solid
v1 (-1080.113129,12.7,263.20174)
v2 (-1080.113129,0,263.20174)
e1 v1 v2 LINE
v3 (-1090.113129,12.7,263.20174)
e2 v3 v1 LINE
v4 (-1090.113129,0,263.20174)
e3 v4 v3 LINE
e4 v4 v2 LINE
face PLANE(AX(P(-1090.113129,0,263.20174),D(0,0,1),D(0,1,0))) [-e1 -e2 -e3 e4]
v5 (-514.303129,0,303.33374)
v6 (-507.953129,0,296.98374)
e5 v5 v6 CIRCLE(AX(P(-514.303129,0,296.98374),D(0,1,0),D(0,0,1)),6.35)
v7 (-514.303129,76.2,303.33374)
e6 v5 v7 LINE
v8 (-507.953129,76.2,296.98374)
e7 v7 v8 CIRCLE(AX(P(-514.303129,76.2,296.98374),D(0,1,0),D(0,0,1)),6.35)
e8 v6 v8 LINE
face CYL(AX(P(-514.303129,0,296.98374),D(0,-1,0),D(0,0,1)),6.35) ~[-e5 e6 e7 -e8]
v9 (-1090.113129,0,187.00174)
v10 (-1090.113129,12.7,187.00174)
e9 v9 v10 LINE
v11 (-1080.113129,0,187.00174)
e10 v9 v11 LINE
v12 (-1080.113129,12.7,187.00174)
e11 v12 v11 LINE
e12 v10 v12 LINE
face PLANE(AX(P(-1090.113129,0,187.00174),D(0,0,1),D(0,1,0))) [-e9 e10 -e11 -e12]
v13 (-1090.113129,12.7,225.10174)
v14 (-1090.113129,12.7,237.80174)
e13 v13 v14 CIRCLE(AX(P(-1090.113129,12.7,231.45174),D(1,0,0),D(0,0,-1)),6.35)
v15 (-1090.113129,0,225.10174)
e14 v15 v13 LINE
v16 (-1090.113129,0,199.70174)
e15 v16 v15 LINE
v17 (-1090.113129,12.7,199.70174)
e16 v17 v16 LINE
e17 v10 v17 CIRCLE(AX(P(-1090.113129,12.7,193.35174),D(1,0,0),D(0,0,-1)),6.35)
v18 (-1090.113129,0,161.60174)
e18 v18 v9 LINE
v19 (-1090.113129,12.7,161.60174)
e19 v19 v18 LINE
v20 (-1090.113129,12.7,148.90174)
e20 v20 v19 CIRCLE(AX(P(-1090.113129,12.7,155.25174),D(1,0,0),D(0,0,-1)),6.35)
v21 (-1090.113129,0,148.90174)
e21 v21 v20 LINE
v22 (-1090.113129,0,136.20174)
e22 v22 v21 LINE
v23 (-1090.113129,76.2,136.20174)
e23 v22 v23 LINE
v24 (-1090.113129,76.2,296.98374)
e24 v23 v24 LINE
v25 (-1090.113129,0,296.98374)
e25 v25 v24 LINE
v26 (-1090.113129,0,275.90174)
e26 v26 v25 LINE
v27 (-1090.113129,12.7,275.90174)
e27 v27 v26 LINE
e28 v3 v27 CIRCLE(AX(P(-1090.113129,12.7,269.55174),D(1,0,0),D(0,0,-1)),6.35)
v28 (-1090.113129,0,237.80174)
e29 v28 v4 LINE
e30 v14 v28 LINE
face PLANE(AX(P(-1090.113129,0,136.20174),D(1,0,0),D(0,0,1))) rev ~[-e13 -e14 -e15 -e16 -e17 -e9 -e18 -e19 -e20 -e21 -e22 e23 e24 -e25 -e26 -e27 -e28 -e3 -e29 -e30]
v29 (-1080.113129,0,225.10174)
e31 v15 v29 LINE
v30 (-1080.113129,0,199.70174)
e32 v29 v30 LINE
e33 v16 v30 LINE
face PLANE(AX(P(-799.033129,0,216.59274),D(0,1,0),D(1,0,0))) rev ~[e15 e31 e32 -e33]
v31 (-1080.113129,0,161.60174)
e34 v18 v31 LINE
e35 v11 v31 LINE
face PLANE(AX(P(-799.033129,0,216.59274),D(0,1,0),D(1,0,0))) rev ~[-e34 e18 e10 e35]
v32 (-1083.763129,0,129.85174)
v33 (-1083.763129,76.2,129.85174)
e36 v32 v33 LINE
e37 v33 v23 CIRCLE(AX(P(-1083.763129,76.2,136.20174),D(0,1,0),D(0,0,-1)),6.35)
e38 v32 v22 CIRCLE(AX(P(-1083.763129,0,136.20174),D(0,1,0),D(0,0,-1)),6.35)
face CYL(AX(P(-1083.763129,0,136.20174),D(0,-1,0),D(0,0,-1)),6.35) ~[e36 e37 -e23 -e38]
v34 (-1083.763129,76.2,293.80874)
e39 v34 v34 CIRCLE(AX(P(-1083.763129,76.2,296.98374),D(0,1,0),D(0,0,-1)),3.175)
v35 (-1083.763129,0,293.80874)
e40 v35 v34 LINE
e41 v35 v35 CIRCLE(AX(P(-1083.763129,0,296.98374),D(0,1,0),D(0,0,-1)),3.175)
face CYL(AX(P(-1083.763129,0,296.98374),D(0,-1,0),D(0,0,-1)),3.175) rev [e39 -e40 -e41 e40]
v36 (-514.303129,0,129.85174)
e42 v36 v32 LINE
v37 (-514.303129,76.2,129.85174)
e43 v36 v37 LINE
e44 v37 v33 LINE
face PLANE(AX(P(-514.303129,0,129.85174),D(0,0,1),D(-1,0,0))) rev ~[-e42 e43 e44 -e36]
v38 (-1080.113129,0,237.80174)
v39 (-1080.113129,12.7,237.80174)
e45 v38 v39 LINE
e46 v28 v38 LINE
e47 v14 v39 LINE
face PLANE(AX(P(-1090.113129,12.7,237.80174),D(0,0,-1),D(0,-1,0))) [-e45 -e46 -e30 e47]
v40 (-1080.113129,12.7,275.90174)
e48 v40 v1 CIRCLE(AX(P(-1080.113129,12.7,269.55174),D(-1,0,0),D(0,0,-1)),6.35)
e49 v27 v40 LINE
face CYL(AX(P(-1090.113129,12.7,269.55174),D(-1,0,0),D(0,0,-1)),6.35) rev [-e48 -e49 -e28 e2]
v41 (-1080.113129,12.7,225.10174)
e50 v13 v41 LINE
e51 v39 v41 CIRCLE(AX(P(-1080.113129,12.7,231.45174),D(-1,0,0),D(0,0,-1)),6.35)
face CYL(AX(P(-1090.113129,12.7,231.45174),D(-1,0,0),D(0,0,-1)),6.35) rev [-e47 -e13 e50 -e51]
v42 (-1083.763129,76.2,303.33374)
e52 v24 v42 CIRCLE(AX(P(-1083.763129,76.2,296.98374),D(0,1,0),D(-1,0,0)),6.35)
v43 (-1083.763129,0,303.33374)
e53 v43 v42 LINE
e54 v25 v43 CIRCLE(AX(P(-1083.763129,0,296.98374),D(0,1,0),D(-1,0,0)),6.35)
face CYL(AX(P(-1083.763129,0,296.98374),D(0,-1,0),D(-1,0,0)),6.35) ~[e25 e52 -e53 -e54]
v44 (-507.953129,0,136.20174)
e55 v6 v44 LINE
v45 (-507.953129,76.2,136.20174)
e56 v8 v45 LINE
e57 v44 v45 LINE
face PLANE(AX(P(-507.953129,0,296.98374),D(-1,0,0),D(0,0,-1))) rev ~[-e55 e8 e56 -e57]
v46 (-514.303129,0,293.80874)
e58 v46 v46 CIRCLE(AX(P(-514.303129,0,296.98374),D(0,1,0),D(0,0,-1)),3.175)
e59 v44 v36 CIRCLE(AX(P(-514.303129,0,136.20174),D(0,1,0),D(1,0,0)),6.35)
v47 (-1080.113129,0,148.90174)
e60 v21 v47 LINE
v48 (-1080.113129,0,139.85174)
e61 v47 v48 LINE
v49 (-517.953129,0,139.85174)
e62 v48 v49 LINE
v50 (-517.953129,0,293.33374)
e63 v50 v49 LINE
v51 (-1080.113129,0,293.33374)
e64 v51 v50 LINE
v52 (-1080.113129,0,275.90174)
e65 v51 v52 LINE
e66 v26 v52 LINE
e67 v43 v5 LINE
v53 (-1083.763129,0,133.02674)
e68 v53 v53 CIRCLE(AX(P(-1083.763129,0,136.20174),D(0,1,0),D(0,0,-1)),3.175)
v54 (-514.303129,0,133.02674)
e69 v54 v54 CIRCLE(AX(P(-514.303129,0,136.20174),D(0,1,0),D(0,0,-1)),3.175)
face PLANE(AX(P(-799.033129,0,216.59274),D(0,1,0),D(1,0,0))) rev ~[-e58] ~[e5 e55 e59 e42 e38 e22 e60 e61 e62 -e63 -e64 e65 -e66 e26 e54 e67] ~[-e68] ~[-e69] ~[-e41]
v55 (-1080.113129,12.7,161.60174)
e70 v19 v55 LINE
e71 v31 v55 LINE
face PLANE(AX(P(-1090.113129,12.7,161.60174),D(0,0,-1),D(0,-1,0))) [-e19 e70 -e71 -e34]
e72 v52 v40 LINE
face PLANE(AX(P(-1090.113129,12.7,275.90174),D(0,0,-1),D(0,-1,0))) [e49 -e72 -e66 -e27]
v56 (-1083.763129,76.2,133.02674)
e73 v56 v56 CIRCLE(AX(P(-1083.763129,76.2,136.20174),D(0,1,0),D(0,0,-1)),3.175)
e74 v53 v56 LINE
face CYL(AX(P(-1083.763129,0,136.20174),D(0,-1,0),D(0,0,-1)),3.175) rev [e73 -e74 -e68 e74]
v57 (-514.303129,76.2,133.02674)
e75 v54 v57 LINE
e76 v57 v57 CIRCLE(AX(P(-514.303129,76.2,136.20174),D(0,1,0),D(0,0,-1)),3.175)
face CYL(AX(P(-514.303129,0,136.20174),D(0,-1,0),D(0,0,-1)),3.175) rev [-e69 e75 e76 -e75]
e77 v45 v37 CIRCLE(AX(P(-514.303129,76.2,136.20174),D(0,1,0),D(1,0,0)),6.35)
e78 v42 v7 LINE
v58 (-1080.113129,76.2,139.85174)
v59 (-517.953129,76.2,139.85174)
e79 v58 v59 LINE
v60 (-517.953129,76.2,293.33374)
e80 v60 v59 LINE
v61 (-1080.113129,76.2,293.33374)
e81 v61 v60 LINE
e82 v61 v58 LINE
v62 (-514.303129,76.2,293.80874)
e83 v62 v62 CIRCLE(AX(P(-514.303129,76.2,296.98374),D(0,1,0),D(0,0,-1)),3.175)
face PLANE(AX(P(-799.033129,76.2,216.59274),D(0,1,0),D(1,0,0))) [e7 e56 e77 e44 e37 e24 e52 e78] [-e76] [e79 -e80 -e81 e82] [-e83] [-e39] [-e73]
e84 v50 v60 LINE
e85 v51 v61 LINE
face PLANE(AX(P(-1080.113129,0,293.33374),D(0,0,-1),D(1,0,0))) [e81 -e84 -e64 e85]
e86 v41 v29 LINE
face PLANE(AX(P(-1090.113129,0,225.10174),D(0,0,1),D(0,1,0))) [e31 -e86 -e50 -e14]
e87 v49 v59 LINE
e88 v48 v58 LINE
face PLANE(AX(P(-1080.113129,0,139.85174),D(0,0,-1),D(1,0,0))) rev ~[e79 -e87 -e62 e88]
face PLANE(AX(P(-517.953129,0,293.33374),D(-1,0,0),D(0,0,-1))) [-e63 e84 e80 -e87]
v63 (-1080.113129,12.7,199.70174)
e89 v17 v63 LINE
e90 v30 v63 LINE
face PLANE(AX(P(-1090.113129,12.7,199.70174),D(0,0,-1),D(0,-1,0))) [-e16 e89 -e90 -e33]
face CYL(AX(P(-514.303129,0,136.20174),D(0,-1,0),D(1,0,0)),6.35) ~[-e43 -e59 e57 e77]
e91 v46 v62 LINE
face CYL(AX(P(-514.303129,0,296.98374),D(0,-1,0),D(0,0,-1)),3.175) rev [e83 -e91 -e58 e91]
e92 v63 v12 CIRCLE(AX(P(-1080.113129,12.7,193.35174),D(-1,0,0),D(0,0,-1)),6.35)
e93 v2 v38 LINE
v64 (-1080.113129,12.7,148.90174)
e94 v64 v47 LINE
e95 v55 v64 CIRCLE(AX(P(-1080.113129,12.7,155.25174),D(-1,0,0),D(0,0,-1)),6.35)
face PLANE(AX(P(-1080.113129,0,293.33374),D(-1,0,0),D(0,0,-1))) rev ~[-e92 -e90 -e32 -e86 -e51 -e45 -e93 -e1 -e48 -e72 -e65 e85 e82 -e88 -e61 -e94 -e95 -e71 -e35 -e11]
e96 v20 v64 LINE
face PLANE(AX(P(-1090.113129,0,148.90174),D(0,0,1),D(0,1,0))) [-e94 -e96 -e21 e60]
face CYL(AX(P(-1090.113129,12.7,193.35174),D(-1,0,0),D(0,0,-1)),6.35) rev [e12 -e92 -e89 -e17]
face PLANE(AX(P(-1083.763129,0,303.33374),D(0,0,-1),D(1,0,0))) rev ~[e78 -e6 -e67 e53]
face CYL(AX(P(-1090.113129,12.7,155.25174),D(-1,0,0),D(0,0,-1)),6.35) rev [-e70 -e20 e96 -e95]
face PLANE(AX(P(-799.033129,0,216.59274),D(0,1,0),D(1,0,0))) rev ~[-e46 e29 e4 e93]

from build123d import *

# Parameters (mm, degrees)
SKETCH1_R           = 3.175
SKETCH1_W           = 562.160000372
SKETCH1_H           = 153.482
BOSS_EXTRUDE1_DEPTH = 76.2
CUT_EXTRUDE1_REACH  = 662.854


with BuildPart() as part:
    # Sketch1 → Boss-Extrude1 (new body)
    with BuildSketch(Plane(origin=(0, 0, 0), x_dir=(1, 0, 0), z_dir=(0, 1, 0))):
        with BuildLine():
            Line((-514.30312852, -129.851740003), (-1083.763128892, -129.851740003))
            ThreePointArc((-1083.763128892, -129.851740003), (-1088.253256953, -131.711611942), (-1090.113128892, -136.201740003))
            Line((-1090.113128892, -136.201740003), (-1090.113128892, -296.983740003))
            ThreePointArc((-1090.113128892, -296.983740003), (-1088.253256953, -301.473868063), (-1083.763128892, -303.333740003))
            Line((-1083.763128892, -303.333740003), (-514.30312852, -303.333740003))
            ThreePointArc((-514.30312852, -303.333740003), (-509.81300046, -301.473868063), (-507.95312852, -296.983740003))
            Line((-507.95312852, -296.983740003), (-507.95312852, -136.201740003))
            ThreePointArc((-507.95312852, -136.201740003), (-509.81300046, -131.711611942), (-514.30312852, -129.851740003))
        make_face()
        with Locations(Location((-1083.763128892, -136.201740003, 0), (0, 0, 90))):
            Circle(SKETCH1_R, mode=Mode.SUBTRACT)
        with Locations(Location((-1083.763128892, -296.983740003, 0), (0, 0, 90))):
            Circle(SKETCH1_R, mode=Mode.SUBTRACT)
        with Locations(Location((-514.30312852, -136.201740003, 0), (0, 0, 90))):
            Circle(SKETCH1_R, mode=Mode.SUBTRACT)
        with Locations(Location((-514.30312852, -296.983740003, 0), (0, 0, 90))):
            Circle(SKETCH1_R, mode=Mode.SUBTRACT)
        with Locations((-799.033128706, -216.592740003)):
            Rectangle(SKETCH1_W, SKETCH1_H, mode=Mode.SUBTRACT)
    extrude(amount=BOSS_EXTRUDE1_DEPTH)

    # Sketch3 → Cut-Extrude1 (cut, up to next)
    with BuildSketch(Plane.ZY.offset(1090.113128892), mode=Mode.PRIVATE) as cut_extrude1_sk1:
        with BuildLine():
            Line((161.601740003, 0), (148.901740003, 0))
            Line((148.901740003, 0), (148.901740003, 12.7))
            ThreePointArc((148.901740003, 12.7), (155.251740003, 19.05), (161.601740003, 12.7))
            Line((161.601740003, 12.7), (161.601740003, 0))
        make_face()
    cut_extrude1_tool1 = extrude(cut_extrude1_sk1.sketch, amount=-CUT_EXTRUDE1_REACH, mode=Mode.PRIVATE) & part.part
    # Sketch3 → Cut-Extrude1 (cut, up to next)
    with BuildSketch(Plane.ZY.offset(1090.113128892), mode=Mode.PRIVATE) as cut_extrude1_sk2:
        with BuildLine():
            Line((199.701740003, 0), (187.001740003, 0))
            Line((187.001740003, 0), (187.001740003, 12.7))
            ThreePointArc((187.001740003, 12.7), (193.351740003, 19.05), (199.701740003, 12.7))
            Line((199.701740003, 12.7), (199.701740003, 0))
        make_face()
    cut_extrude1_tool2 = extrude(cut_extrude1_sk2.sketch, amount=-CUT_EXTRUDE1_REACH, mode=Mode.PRIVATE) & part.part
    # Sketch3 → Cut-Extrude1 (cut, up to next)
    with BuildSketch(Plane.ZY.offset(1090.113128892), mode=Mode.PRIVATE) as cut_extrude1_sk3:
        with BuildLine():
            Line((237.801740003, 0), (225.101740003, 0))
            Line((225.101740003, 0), (225.101740003, 12.7))
            ThreePointArc((225.101740003, 12.7), (231.451740003, 19.05), (237.801740003, 12.7))
            Line((237.801740003, 12.7), (237.801740003, 0))
        make_face()
    cut_extrude1_tool3 = extrude(cut_extrude1_sk3.sketch, amount=-CUT_EXTRUDE1_REACH, mode=Mode.PRIVATE) & part.part
    # Sketch3 → Cut-Extrude1 (cut, up to next)
    with BuildSketch(Plane.ZY.offset(1090.113128892), mode=Mode.PRIVATE) as cut_extrude1_sk4:
        with BuildLine():
            Line((275.901740003, 0), (263.201740003, 0))
            Line((263.201740003, 0), (263.201740003, 12.7))
            ThreePointArc((263.201740003, 12.7), (269.551740003, 19.05), (275.901740003, 12.7))
            Line((275.901740003, 12.7), (275.901740003, 0))
        make_face()
    cut_extrude1_tool4 = extrude(cut_extrude1_sk4.sketch, amount=-CUT_EXTRUDE1_REACH, mode=Mode.PRIVATE) & part.part
    add(cut_extrude1_tool1.solids().sort_by_distance((-1090.113129, 8.900424, 155.25174))[0], mode=Mode.SUBTRACT)
    add(cut_extrude1_tool2.solids().sort_by_distance((-1090.113129, 8.900424, 193.35174))[0], mode=Mode.SUBTRACT)
    add(cut_extrude1_tool3.solids().sort_by_distance((-1090.113129, 8.900424, 231.45174))[0], mode=Mode.SUBTRACT)
    add(cut_extrude1_tool4.solids().sort_by_distance((-1090.113129, 8.900424, 269.55174))[0], mode=Mode.SUBTRACT)


solid = part.part
